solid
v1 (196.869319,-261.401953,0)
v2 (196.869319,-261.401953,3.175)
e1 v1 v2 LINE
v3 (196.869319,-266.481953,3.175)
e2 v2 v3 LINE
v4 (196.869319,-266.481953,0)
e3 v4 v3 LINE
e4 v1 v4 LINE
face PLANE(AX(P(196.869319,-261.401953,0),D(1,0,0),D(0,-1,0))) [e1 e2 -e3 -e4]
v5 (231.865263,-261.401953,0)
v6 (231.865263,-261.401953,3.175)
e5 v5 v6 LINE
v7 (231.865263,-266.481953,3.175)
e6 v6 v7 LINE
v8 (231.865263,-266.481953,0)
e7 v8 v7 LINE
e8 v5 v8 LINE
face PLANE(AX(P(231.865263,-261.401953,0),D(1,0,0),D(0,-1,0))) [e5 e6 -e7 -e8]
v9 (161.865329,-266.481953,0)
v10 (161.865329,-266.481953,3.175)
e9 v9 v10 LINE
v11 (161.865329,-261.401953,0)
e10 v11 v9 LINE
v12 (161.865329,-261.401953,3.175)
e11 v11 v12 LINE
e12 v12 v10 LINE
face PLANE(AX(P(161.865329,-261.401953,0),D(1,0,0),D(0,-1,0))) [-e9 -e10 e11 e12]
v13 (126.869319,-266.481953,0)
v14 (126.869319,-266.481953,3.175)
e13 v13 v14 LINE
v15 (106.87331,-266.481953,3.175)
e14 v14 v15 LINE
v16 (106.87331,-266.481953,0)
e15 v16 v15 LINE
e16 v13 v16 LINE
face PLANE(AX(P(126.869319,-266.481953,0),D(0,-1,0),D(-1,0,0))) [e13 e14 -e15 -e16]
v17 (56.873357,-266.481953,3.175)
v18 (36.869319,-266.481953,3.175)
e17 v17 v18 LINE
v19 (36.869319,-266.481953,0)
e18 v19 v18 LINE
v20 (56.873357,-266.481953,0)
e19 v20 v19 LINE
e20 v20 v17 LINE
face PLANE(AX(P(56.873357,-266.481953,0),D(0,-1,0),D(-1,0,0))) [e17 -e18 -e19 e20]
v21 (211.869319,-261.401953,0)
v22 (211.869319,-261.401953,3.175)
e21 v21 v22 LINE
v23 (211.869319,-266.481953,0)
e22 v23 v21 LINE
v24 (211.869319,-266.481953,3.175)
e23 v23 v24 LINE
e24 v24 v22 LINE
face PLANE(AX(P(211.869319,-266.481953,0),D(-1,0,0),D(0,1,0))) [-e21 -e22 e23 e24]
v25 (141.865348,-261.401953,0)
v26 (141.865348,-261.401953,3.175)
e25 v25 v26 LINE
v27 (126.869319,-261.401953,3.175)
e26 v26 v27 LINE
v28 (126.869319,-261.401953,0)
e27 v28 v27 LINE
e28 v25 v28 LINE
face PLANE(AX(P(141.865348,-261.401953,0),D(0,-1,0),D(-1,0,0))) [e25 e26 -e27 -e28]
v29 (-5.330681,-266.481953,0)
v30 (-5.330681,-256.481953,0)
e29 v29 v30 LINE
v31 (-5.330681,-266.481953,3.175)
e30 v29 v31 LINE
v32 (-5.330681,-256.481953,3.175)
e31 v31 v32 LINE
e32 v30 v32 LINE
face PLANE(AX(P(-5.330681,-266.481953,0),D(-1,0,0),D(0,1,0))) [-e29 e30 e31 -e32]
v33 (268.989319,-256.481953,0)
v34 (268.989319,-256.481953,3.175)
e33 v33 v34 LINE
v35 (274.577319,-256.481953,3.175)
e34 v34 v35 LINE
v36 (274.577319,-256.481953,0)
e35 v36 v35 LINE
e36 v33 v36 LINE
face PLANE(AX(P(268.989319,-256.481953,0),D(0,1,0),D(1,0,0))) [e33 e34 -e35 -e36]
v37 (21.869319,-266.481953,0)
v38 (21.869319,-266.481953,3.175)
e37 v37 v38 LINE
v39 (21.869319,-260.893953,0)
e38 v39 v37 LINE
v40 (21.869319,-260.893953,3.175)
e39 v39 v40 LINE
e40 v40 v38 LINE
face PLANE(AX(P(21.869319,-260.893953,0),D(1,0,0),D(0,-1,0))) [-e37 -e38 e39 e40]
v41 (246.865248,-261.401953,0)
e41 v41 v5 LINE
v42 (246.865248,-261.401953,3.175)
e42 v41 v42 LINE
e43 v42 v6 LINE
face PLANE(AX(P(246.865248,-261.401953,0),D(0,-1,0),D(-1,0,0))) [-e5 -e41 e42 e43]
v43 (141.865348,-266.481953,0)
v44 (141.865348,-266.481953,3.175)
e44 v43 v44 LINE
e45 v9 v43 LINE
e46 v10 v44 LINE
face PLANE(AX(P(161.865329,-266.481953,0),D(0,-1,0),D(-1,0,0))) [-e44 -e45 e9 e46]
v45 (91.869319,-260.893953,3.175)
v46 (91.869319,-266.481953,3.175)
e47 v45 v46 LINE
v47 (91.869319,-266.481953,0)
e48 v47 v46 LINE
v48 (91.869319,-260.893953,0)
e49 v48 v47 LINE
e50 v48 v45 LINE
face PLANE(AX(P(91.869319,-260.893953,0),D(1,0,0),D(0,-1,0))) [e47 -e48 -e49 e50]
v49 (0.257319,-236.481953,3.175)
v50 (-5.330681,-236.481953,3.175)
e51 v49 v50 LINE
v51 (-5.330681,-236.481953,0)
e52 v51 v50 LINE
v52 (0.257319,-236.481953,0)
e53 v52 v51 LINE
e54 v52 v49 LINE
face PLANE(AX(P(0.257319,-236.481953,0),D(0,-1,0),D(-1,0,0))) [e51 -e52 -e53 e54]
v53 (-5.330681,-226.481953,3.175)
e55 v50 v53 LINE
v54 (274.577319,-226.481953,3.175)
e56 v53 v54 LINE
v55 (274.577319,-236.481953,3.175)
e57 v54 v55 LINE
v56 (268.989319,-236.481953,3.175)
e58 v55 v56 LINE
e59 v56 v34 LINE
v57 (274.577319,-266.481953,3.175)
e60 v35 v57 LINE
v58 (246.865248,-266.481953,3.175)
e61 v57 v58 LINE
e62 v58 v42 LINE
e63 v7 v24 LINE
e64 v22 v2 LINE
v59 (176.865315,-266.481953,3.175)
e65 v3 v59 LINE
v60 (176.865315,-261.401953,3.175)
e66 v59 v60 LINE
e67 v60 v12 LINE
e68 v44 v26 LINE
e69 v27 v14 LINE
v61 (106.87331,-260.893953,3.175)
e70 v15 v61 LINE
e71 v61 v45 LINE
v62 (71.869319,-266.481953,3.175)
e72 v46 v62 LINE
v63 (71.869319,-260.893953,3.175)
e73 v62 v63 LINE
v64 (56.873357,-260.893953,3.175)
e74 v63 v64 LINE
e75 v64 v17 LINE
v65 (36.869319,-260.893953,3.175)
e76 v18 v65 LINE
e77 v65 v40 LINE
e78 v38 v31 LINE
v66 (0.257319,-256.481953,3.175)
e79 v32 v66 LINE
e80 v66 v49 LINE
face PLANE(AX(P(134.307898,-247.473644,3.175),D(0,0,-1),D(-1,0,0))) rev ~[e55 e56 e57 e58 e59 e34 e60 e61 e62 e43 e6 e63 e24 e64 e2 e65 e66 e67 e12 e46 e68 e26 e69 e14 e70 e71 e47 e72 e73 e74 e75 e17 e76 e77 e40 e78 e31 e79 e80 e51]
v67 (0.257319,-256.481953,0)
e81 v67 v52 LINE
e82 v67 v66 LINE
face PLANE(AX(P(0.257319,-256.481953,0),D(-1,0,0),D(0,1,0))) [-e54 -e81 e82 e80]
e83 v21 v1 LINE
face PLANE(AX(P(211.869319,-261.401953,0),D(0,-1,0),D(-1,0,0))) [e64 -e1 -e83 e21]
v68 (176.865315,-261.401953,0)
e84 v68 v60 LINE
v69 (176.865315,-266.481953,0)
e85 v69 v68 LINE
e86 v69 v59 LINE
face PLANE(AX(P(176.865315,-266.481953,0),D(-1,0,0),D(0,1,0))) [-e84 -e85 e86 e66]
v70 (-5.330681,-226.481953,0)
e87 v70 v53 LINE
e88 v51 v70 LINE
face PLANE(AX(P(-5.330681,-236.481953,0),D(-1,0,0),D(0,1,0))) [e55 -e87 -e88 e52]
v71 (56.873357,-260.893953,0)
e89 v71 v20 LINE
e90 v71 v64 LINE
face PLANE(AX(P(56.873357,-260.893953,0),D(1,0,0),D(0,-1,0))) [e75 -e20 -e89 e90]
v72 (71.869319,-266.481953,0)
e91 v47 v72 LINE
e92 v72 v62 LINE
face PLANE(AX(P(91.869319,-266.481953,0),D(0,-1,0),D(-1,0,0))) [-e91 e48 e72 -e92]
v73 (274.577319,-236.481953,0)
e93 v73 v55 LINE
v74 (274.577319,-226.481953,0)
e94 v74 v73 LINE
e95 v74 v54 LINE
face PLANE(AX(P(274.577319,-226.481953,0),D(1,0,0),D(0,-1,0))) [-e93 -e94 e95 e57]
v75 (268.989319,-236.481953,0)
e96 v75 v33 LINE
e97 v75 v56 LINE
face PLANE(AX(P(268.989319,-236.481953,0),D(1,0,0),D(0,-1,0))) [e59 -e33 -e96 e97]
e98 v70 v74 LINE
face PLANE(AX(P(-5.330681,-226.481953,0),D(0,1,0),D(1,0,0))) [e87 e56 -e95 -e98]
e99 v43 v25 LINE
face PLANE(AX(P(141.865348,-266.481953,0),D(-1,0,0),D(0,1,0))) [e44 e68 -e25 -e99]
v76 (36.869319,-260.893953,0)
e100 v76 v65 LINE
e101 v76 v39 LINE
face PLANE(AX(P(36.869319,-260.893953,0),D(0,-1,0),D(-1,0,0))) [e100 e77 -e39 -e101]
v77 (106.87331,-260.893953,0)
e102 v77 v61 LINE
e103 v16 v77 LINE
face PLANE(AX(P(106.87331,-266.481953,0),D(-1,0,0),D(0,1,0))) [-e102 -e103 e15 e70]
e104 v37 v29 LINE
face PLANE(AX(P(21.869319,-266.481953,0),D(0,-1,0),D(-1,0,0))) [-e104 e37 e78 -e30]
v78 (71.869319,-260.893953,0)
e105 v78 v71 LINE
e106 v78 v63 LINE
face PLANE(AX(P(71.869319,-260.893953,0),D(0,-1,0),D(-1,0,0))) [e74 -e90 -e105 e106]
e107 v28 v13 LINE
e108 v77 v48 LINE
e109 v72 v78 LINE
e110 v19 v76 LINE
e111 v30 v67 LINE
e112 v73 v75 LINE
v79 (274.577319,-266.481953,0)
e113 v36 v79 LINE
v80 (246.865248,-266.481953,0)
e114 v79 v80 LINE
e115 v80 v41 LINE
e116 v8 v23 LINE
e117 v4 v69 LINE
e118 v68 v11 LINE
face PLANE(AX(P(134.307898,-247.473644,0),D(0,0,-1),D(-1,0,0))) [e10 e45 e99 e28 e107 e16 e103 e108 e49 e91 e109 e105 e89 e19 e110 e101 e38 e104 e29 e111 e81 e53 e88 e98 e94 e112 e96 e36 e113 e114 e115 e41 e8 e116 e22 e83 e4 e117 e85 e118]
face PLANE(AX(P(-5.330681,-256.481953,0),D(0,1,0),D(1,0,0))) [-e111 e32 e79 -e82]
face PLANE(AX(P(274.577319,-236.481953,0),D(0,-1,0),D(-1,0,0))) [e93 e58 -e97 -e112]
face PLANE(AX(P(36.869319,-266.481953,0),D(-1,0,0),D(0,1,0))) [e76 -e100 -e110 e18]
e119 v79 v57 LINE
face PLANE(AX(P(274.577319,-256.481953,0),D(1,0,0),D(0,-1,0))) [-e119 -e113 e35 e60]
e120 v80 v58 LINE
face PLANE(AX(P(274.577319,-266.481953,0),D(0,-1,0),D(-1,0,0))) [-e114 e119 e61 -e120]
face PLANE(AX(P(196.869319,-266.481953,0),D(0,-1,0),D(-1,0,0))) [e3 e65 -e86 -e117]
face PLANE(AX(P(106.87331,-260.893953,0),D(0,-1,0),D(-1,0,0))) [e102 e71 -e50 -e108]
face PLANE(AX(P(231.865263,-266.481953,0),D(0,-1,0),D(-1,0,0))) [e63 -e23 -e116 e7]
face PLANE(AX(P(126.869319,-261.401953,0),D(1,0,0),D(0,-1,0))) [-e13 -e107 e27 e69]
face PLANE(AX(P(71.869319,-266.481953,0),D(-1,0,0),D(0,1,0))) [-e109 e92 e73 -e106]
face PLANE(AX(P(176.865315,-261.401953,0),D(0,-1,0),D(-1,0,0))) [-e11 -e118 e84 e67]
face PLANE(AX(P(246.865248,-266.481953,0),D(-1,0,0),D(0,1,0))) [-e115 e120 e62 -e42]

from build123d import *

# Parameters (mm, degrees)
BOSS_EXTRUDE1_DEPTH = 3.175


with BuildPart() as part:
    # Sketch27 → Boss-Extrude1 (new body)
    with BuildSketch(Plane.XY):
        Polygon((-5.330680513, -226.481953179), (274.577319487, -226.481953179), (274.577319487, -236.481953179), (268.989319487, -236.481953179), (268.989319487, -256.481953179), (274.577319487, -256.481953179), (274.577319487, -266.481953179), (246.86524849, -266.481953179), (246.86524849, -261.401953179), (231.865262651, -261.401953179), (231.865262651, -266.481953179), (211.869319487, -266.481953179), (211.869319487, -261.401953179), (196.869319487, -261.401953179), (196.869319487, -266.481953179), (176.865314578, -266.481953179), (176.865314578, -261.401953179), (161.865328739, -261.401953179), (161.865328739, -266.481953179), (141.865347621, -266.481953179), (141.865347621, -261.401953179), (126.869319487, -261.401953179), (126.869319487, -266.481953179), (106.873310236, -266.481953179), (106.873310236, -260.893953179), (91.869319487, -260.893953179), (91.869319487, -266.481953179), (71.869319487, -266.481953179), (71.869319487, -260.893953179), (56.873357441, -260.893953179), (56.873357441, -266.481953179), (36.869319488, -266.481953179), (36.869319488, -260.893953179), (21.869319488, -260.893953179), (21.869319488, -266.481953179), (-5.330680513, -266.481953179), (-5.330680513, -256.481953179), (0.257319487, -256.481953179), (0.257319487, -236.481953179), (-5.330680513, -236.481953179), align=None)
    extrude(amount=BOSS_EXTRUDE1_DEPTH)


solid = part.part
